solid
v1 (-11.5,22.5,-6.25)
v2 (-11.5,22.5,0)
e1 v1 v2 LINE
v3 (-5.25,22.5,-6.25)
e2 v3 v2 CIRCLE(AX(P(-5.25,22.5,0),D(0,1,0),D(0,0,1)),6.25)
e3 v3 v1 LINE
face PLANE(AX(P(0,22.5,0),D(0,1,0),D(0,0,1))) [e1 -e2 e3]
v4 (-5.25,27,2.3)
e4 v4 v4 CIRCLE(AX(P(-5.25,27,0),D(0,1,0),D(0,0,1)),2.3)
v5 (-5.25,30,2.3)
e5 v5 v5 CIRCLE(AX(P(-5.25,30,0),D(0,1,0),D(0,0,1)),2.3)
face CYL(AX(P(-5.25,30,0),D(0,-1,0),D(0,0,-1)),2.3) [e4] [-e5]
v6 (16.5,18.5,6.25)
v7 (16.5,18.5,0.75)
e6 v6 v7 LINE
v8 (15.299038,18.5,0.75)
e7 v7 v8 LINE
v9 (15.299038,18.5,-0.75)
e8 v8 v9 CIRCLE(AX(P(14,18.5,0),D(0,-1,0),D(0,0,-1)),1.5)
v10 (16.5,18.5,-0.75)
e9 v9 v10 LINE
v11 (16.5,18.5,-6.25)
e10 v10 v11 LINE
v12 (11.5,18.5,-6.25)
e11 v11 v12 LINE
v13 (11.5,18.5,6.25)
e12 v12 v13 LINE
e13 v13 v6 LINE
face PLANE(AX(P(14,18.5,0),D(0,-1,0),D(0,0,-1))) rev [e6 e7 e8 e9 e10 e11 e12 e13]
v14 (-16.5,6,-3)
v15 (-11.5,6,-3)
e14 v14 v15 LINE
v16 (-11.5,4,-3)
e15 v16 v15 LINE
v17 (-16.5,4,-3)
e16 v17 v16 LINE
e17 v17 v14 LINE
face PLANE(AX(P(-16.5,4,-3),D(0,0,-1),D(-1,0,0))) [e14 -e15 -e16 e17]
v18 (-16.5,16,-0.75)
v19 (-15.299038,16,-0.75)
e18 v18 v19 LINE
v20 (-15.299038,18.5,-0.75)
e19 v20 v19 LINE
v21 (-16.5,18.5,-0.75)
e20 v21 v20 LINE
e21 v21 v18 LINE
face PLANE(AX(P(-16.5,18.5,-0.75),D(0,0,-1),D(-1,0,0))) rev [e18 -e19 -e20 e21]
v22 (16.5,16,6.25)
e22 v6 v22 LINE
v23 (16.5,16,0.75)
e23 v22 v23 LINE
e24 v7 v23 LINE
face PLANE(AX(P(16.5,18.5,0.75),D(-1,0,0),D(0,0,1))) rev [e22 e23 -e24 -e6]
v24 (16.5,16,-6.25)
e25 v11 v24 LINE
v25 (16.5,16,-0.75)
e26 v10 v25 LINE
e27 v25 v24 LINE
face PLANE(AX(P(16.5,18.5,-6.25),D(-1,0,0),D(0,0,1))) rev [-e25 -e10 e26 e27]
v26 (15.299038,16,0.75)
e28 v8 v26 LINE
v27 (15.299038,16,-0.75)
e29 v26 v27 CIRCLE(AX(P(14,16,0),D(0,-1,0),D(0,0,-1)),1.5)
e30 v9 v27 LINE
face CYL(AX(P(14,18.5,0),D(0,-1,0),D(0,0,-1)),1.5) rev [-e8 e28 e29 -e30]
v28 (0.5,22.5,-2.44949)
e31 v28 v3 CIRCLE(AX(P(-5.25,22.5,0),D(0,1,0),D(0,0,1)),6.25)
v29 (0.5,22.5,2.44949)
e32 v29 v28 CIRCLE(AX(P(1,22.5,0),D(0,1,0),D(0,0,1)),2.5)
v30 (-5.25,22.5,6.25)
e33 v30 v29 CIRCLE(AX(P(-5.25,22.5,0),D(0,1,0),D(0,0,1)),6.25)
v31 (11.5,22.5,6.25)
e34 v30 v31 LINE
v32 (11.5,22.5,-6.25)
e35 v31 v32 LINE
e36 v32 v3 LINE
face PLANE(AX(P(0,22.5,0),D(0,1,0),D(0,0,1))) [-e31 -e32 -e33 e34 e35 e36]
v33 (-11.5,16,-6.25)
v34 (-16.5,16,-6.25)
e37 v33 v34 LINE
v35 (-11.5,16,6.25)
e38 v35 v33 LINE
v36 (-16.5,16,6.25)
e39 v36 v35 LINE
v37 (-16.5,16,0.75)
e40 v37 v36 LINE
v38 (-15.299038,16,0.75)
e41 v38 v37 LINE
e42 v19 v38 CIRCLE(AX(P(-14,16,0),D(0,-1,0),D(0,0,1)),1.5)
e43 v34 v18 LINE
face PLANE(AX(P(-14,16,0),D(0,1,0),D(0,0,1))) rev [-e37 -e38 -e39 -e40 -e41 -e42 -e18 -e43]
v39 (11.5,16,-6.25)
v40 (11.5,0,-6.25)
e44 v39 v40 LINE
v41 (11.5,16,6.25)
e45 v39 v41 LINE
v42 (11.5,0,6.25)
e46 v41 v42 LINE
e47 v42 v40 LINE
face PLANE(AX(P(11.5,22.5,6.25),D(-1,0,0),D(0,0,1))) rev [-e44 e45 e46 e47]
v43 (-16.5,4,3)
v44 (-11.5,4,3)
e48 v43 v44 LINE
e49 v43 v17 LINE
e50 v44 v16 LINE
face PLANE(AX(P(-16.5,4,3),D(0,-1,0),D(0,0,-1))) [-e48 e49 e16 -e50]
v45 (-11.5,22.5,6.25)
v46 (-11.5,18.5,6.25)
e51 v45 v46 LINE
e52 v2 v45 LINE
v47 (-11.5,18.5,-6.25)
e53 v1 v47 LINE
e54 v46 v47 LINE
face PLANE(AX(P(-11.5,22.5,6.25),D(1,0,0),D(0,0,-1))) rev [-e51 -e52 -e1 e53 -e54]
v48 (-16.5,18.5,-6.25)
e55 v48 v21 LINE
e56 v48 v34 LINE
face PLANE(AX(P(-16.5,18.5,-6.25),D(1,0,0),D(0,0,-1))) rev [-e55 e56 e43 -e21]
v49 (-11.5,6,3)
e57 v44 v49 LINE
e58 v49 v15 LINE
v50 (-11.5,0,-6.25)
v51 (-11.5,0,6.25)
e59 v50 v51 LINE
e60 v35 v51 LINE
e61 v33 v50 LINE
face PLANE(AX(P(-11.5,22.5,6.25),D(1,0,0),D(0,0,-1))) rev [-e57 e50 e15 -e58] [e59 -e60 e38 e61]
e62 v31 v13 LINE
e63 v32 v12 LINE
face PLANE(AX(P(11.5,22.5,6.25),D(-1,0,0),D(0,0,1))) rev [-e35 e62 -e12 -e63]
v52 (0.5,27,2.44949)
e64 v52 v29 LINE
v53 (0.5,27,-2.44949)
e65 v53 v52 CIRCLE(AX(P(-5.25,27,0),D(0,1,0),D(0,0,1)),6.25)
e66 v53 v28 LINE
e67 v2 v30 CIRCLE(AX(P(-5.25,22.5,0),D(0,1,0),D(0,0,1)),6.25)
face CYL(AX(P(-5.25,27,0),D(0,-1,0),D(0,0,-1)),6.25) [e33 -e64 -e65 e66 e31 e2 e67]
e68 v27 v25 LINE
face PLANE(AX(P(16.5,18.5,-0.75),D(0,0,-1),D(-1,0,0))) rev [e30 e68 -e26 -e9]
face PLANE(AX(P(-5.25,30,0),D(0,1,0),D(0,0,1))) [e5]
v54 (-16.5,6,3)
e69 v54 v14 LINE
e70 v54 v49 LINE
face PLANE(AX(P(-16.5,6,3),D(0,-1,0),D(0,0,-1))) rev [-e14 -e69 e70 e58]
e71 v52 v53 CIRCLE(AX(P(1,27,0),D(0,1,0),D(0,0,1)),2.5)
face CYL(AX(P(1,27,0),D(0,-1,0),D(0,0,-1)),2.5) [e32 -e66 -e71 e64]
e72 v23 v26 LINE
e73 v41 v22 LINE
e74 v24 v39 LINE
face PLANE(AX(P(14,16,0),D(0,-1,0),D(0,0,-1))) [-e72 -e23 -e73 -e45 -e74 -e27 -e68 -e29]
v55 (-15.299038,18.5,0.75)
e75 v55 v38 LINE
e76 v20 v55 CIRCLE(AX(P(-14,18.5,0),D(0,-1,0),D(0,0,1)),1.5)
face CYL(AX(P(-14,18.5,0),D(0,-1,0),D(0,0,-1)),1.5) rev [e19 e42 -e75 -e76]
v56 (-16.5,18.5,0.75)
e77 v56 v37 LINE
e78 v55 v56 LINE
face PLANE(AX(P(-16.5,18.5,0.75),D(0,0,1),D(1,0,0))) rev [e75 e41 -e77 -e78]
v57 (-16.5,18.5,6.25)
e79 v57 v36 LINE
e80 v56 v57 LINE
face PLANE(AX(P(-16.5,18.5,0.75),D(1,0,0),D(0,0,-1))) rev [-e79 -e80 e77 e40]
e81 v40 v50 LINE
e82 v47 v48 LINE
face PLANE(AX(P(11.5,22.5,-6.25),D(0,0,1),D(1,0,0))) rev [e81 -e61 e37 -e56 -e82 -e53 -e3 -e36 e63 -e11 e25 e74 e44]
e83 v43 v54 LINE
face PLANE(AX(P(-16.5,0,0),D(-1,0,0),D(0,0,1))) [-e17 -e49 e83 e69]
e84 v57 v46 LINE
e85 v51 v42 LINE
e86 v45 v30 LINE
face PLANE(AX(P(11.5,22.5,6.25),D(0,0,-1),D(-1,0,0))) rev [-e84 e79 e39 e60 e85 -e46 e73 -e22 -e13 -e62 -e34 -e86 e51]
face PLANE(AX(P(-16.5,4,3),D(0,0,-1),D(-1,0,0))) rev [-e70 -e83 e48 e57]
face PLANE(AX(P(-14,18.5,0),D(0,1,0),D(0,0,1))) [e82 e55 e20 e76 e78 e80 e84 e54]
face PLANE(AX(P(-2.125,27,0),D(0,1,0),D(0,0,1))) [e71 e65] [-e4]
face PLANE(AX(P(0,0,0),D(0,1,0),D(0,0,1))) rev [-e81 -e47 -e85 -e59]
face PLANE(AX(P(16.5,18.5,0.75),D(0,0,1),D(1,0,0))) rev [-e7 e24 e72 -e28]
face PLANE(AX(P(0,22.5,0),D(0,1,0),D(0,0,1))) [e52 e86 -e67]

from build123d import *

# Parameters (mm, degrees)
SKETCH1_W           = 23
SKETCH1_H           = 12.5
BOSS_EXTRUDE1_DEPTH = 22.5
BOSS_EXTRUDE2_DEPTH = 2.5
BOSS_EXTRUDE3_DEPTH = 4.5
SKETCH4_R           = 2.3
BOSS_EXTRUDE4_DEPTH = 3
SKETCH6_W           = 6
SKETCH6_H           = 2
BOSS_EXTRUDE6_DEPTH = 5


with BuildPart() as part:
    # Sketch1 → Boss-Extrude1 (new body)
    with BuildSketch(Plane(origin=(0, 0, 0), x_dir=(1, 0, 0), z_dir=(0, 1, 0))):
        Rectangle(SKETCH1_W, SKETCH1_H)
    extrude(amount=BOSS_EXTRUDE1_DEPTH)

    # Sketch2 → Boss-Extrude2 (add)
    with BuildSketch(Plane(origin=(0, 16, 0), x_dir=(1, 0, 0), z_dir=(0, 1, 0))):
        with BuildLine():
            Line((11.5, 6.25), (16.5, 6.25))
            Line((16.5, 6.25), (16.5, 0.75))
            Line((16.5, 0.75), (15.299038106, 0.75))
            ThreePointArc((15.299038106, 0.75), (12.5, 0), (15.299038106, -0.75))
            Line((15.299038106, -0.75), (16.5, -0.75))
            Line((16.5, -0.75), (16.5, -6.25))
            Line((16.5, -6.25), (11.5, -6.25))
            Line((11.5, -6.25), (11.5, 6.25))
        make_face()
        with BuildLine():
            Line((-11.5, 6.25), (-11.5, -6.25))
            Line((-11.5, -6.25), (-16.5, -6.25))
            Line((-16.5, -6.25), (-16.5, -0.75))
            Line((-16.5, -0.75), (-15.299038106, -0.75))
            ThreePointArc((-15.299038106, -0.75), (-12.5, 0), (-15.299038106, 0.75))
            Line((-15.299038106, 0.75), (-16.5, 0.75))
            Line((-16.5, 0.75), (-16.5, 6.25))
            Line((-16.5, 6.25), (-11.5, 6.25))
        make_face()
    extrude(amount=BOSS_EXTRUDE2_DEPTH)

    # Sketch3 → Boss-Extrude3 (add)
    with BuildSketch(Plane(origin=(0, 22.5, 0), x_dir=(1, 0, 0), z_dir=(0, 1, 0))):
        with BuildLine():
            ThreePointArc((0.5, 2.449489743), (-11.5, 0), (0.5, -2.449489743))
            ThreePointArc((0.5, -2.449489743), (3.5, 0), (0.5, 2.449489743))
        make_face()
    extrude(amount=BOSS_EXTRUDE3_DEPTH)

    # Sketch4 → Boss-Extrude4 (add)
    with BuildSketch(Plane(origin=(0, 27, 0), x_dir=(1, 0, 0), z_dir=(0, 1, 0))):
        with Locations(Location((-5.25, 0, 0), (0, 0, 270))):
            Circle(SKETCH4_R)
    extrude(amount=BOSS_EXTRUDE4_DEPTH)

    # Sketch6 → Boss-Extrude6 (add)
    with BuildSketch(Plane.ZY.offset(11.5)):
        with Locations((0, 5)):
            Rectangle(SKETCH6_W, SKETCH6_H)
    extrude(amount=BOSS_EXTRUDE6_DEPTH)


solid = part.part
